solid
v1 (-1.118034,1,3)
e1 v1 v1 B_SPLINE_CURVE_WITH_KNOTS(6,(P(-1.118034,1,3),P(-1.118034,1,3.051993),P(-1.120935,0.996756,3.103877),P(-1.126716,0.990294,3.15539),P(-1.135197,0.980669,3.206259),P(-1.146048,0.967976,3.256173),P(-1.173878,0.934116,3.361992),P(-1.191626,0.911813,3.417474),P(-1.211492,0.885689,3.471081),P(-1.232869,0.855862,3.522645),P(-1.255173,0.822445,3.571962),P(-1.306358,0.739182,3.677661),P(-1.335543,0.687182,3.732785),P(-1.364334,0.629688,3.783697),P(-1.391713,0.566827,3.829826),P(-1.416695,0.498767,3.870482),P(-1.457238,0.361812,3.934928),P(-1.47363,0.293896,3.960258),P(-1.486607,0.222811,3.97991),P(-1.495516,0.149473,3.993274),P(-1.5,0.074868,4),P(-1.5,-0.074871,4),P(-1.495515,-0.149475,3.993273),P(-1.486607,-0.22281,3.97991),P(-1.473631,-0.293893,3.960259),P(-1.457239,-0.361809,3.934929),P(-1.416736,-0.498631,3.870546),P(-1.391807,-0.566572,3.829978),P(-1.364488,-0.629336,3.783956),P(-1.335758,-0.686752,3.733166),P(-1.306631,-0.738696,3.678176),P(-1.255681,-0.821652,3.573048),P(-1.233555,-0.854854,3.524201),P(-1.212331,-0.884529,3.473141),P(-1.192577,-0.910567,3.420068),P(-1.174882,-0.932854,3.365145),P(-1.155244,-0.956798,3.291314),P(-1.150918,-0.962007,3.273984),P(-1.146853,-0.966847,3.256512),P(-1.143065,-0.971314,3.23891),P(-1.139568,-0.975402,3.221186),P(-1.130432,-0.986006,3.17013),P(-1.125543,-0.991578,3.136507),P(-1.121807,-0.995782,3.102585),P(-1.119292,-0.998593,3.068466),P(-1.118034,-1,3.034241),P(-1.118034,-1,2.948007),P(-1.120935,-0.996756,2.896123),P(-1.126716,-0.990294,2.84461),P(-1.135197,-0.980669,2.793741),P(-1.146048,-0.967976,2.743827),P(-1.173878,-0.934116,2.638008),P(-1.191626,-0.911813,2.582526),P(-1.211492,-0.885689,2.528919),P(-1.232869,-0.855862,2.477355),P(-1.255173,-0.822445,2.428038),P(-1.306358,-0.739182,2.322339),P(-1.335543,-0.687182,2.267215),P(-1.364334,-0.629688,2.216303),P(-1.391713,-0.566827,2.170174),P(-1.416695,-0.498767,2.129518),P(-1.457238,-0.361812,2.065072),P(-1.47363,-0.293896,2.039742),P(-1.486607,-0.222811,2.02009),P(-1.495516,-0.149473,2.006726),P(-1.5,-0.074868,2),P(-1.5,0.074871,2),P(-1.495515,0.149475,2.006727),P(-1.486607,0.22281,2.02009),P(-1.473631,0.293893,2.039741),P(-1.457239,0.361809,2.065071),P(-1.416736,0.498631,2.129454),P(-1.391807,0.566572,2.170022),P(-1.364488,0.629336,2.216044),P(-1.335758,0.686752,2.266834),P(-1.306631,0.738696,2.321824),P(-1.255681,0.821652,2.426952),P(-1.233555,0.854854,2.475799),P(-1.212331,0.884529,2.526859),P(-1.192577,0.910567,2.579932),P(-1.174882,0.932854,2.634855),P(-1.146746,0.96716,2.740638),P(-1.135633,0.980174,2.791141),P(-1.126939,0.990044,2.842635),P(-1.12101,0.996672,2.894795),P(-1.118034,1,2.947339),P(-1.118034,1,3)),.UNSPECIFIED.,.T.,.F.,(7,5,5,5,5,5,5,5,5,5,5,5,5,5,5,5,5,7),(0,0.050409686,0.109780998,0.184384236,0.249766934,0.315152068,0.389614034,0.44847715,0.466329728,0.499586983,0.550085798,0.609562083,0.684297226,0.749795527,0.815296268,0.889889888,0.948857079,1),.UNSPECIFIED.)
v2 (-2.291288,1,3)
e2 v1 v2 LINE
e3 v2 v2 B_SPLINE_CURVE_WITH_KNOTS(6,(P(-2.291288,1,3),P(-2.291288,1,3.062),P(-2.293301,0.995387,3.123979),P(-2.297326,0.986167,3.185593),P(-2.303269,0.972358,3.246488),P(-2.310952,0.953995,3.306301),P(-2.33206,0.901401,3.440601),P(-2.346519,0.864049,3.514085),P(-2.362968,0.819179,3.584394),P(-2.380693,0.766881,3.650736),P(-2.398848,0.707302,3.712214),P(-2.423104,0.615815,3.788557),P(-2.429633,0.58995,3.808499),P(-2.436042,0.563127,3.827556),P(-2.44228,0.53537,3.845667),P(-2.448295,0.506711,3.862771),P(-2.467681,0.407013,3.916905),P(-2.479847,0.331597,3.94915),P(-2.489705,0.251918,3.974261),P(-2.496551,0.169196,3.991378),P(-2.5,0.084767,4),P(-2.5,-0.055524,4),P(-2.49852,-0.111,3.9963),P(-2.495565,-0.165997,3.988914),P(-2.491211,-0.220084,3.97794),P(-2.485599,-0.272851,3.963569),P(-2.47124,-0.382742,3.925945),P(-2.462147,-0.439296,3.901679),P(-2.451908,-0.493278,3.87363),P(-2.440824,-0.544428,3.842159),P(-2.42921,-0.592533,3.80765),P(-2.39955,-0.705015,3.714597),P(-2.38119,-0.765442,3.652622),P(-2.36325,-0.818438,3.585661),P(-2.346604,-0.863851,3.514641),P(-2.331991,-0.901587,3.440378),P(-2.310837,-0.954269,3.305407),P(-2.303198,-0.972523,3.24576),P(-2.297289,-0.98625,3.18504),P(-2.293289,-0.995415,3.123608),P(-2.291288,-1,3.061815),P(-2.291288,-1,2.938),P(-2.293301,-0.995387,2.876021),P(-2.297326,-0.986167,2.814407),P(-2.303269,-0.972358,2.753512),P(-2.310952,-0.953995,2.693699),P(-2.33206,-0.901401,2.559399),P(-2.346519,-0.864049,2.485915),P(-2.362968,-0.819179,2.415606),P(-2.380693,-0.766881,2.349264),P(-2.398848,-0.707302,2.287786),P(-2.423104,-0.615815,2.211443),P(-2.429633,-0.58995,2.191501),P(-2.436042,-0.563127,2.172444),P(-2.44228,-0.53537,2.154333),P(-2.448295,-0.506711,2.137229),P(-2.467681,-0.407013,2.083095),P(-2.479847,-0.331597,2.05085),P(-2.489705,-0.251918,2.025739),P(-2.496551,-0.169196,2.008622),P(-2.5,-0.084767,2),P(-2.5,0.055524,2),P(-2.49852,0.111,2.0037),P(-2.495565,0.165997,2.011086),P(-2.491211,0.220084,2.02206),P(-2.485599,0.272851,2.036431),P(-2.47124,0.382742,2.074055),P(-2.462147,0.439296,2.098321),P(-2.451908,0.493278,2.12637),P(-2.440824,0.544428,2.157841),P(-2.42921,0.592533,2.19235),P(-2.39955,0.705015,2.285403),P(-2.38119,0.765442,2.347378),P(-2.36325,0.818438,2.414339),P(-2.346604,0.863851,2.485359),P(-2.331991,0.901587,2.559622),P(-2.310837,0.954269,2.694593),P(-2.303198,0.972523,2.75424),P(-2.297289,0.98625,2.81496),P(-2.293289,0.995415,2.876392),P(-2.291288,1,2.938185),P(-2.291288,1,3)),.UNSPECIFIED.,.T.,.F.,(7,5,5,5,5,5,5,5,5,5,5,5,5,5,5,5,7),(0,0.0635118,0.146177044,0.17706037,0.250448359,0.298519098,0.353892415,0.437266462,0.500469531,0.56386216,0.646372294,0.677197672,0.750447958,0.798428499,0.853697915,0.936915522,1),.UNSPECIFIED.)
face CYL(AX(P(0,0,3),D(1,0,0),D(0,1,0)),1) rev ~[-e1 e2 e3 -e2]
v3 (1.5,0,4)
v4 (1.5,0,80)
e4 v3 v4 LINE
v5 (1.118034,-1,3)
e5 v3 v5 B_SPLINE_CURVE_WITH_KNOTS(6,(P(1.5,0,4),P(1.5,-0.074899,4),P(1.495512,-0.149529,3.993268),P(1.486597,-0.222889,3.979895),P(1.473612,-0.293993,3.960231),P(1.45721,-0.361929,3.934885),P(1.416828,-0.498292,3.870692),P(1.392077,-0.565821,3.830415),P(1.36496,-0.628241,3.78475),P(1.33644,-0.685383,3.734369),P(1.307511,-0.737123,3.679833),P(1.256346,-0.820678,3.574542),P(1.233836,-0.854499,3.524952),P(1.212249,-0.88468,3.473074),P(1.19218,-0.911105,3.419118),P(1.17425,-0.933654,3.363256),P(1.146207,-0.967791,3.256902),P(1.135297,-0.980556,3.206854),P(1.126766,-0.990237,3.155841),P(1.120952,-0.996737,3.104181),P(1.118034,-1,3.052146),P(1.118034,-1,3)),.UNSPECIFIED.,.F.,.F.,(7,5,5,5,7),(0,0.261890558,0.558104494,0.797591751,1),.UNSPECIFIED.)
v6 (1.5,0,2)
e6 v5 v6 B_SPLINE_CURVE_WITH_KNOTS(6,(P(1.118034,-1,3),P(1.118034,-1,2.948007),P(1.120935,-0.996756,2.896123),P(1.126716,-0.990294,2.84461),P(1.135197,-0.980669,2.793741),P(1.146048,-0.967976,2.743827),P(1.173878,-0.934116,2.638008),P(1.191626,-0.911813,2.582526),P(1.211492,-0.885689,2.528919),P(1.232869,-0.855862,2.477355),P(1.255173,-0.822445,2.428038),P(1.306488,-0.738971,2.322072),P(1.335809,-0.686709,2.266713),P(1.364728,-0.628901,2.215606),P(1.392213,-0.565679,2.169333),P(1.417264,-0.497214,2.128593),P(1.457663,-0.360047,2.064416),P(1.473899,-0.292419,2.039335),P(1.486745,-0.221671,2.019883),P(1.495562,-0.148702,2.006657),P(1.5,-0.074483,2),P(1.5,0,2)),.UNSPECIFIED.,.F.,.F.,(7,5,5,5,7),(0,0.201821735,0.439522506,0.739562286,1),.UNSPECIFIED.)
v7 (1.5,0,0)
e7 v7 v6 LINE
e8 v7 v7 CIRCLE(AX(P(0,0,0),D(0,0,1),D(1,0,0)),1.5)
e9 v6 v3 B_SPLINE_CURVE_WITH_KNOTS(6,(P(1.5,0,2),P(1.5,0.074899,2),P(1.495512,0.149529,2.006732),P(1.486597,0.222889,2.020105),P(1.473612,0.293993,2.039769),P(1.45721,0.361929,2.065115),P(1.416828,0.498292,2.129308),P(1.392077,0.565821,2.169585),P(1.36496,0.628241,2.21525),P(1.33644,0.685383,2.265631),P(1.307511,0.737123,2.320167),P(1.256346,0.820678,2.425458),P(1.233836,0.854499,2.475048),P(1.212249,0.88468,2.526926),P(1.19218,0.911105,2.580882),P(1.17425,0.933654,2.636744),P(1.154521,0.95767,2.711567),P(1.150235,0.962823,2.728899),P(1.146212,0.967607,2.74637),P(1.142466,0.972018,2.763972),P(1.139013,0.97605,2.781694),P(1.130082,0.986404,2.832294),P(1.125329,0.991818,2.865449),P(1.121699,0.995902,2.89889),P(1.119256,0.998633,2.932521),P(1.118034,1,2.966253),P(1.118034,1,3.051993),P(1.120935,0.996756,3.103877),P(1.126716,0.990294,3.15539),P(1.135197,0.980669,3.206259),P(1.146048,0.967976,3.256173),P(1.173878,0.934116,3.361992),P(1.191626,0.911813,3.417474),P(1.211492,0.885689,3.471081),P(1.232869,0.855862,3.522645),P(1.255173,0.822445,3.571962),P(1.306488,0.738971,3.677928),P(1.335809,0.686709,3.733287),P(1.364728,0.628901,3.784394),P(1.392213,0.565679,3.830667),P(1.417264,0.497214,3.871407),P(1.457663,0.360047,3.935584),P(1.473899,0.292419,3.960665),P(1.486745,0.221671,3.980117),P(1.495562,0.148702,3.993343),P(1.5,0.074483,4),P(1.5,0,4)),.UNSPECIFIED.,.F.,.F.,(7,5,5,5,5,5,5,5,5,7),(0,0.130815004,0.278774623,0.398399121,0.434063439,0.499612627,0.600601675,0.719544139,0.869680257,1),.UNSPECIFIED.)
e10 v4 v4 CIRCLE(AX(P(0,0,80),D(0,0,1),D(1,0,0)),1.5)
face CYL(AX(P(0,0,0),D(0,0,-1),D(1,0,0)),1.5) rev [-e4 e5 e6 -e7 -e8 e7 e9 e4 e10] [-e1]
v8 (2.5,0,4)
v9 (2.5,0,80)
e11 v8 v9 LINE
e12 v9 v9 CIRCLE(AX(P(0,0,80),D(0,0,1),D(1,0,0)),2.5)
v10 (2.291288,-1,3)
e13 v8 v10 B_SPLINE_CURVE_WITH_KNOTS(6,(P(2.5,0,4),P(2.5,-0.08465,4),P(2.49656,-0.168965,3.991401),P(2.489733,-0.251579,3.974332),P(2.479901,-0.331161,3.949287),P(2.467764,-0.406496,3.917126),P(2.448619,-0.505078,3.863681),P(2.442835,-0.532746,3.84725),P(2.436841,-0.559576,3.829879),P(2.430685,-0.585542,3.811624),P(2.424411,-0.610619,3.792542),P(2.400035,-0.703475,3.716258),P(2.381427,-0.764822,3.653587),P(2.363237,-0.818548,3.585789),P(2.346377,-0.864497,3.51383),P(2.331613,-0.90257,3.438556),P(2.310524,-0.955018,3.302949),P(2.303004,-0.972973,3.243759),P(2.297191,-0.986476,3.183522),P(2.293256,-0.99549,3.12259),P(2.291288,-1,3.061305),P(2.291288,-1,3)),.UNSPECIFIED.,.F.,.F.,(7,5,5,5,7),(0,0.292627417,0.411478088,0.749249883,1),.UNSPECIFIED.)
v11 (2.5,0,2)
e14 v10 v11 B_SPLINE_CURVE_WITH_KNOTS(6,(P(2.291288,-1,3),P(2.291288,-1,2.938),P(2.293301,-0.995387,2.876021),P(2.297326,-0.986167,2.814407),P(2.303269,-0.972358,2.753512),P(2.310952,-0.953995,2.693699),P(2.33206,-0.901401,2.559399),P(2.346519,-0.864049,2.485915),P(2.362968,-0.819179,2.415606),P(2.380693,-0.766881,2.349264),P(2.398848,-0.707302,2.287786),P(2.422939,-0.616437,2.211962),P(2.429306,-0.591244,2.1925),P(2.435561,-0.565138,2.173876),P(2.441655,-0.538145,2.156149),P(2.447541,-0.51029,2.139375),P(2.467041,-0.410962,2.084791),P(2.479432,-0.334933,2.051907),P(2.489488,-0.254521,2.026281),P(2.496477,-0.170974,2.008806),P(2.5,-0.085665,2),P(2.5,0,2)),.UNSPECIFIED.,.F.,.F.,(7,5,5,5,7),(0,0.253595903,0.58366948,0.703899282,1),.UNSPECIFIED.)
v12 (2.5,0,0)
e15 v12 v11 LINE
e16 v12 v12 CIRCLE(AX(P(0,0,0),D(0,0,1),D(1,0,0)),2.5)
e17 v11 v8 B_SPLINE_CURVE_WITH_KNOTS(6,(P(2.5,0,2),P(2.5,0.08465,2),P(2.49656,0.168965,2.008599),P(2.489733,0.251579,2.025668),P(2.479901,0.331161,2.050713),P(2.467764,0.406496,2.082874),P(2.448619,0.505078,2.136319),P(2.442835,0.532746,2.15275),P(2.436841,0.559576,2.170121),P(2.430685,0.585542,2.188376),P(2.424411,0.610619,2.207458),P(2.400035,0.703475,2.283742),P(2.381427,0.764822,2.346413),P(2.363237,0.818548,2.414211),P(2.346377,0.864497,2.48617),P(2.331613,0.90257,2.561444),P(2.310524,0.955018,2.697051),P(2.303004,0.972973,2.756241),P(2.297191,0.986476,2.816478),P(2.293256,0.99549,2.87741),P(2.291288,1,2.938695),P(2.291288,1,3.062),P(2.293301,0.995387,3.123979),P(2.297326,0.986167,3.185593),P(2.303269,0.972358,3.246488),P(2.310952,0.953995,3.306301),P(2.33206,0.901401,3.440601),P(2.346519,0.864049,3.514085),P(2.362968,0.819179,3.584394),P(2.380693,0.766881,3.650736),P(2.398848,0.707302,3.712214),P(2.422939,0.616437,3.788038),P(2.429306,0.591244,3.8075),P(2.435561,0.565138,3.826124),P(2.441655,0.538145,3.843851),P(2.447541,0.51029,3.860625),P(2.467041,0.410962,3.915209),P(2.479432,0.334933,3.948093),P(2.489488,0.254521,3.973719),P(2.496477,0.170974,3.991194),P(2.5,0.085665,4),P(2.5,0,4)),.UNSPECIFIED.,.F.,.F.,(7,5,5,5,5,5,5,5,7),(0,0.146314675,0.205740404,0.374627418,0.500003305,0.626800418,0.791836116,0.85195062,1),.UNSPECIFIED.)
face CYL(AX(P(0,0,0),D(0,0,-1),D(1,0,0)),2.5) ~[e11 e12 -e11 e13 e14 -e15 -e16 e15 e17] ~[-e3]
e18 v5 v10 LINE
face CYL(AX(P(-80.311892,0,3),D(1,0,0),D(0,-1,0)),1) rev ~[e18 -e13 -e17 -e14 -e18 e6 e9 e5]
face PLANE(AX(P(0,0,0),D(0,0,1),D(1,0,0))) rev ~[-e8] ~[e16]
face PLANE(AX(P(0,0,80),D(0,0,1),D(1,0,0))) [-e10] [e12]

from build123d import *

# Parameters (mm, degrees)
F0_R     = 2.5
F0_R_2   = 1.5
F1_DEPTH = 80
F3_D     = 2
F3_DEPTH = 2.501
F4_D     = 2


with BuildPart() as f1:
    # F0 (on Top) → F1 (new body)
    with BuildSketch(Plane.XY):
        Circle(F0_R)
        Circle(F0_R_2, mode=Mode.SUBTRACT)
    extrude(amount=F1_DEPTH)

    # F3 (through all, one way)
    with BuildSketch(Plane.YZ):
        with Locations((0, 3)):
            Circle(F3_D / 2)
    extrude(amount=-F3_DEPTH, mode=Mode.SUBTRACT)

    # F4 (through all)
    with Locations(Plane(origin=(0, 0, 0), x_dir=(0, 1, 0), z_dir=(-1, 0, 0))):
        with Locations((0, -3)):
            Hole(F4_D / 2)


solid = f1.part
